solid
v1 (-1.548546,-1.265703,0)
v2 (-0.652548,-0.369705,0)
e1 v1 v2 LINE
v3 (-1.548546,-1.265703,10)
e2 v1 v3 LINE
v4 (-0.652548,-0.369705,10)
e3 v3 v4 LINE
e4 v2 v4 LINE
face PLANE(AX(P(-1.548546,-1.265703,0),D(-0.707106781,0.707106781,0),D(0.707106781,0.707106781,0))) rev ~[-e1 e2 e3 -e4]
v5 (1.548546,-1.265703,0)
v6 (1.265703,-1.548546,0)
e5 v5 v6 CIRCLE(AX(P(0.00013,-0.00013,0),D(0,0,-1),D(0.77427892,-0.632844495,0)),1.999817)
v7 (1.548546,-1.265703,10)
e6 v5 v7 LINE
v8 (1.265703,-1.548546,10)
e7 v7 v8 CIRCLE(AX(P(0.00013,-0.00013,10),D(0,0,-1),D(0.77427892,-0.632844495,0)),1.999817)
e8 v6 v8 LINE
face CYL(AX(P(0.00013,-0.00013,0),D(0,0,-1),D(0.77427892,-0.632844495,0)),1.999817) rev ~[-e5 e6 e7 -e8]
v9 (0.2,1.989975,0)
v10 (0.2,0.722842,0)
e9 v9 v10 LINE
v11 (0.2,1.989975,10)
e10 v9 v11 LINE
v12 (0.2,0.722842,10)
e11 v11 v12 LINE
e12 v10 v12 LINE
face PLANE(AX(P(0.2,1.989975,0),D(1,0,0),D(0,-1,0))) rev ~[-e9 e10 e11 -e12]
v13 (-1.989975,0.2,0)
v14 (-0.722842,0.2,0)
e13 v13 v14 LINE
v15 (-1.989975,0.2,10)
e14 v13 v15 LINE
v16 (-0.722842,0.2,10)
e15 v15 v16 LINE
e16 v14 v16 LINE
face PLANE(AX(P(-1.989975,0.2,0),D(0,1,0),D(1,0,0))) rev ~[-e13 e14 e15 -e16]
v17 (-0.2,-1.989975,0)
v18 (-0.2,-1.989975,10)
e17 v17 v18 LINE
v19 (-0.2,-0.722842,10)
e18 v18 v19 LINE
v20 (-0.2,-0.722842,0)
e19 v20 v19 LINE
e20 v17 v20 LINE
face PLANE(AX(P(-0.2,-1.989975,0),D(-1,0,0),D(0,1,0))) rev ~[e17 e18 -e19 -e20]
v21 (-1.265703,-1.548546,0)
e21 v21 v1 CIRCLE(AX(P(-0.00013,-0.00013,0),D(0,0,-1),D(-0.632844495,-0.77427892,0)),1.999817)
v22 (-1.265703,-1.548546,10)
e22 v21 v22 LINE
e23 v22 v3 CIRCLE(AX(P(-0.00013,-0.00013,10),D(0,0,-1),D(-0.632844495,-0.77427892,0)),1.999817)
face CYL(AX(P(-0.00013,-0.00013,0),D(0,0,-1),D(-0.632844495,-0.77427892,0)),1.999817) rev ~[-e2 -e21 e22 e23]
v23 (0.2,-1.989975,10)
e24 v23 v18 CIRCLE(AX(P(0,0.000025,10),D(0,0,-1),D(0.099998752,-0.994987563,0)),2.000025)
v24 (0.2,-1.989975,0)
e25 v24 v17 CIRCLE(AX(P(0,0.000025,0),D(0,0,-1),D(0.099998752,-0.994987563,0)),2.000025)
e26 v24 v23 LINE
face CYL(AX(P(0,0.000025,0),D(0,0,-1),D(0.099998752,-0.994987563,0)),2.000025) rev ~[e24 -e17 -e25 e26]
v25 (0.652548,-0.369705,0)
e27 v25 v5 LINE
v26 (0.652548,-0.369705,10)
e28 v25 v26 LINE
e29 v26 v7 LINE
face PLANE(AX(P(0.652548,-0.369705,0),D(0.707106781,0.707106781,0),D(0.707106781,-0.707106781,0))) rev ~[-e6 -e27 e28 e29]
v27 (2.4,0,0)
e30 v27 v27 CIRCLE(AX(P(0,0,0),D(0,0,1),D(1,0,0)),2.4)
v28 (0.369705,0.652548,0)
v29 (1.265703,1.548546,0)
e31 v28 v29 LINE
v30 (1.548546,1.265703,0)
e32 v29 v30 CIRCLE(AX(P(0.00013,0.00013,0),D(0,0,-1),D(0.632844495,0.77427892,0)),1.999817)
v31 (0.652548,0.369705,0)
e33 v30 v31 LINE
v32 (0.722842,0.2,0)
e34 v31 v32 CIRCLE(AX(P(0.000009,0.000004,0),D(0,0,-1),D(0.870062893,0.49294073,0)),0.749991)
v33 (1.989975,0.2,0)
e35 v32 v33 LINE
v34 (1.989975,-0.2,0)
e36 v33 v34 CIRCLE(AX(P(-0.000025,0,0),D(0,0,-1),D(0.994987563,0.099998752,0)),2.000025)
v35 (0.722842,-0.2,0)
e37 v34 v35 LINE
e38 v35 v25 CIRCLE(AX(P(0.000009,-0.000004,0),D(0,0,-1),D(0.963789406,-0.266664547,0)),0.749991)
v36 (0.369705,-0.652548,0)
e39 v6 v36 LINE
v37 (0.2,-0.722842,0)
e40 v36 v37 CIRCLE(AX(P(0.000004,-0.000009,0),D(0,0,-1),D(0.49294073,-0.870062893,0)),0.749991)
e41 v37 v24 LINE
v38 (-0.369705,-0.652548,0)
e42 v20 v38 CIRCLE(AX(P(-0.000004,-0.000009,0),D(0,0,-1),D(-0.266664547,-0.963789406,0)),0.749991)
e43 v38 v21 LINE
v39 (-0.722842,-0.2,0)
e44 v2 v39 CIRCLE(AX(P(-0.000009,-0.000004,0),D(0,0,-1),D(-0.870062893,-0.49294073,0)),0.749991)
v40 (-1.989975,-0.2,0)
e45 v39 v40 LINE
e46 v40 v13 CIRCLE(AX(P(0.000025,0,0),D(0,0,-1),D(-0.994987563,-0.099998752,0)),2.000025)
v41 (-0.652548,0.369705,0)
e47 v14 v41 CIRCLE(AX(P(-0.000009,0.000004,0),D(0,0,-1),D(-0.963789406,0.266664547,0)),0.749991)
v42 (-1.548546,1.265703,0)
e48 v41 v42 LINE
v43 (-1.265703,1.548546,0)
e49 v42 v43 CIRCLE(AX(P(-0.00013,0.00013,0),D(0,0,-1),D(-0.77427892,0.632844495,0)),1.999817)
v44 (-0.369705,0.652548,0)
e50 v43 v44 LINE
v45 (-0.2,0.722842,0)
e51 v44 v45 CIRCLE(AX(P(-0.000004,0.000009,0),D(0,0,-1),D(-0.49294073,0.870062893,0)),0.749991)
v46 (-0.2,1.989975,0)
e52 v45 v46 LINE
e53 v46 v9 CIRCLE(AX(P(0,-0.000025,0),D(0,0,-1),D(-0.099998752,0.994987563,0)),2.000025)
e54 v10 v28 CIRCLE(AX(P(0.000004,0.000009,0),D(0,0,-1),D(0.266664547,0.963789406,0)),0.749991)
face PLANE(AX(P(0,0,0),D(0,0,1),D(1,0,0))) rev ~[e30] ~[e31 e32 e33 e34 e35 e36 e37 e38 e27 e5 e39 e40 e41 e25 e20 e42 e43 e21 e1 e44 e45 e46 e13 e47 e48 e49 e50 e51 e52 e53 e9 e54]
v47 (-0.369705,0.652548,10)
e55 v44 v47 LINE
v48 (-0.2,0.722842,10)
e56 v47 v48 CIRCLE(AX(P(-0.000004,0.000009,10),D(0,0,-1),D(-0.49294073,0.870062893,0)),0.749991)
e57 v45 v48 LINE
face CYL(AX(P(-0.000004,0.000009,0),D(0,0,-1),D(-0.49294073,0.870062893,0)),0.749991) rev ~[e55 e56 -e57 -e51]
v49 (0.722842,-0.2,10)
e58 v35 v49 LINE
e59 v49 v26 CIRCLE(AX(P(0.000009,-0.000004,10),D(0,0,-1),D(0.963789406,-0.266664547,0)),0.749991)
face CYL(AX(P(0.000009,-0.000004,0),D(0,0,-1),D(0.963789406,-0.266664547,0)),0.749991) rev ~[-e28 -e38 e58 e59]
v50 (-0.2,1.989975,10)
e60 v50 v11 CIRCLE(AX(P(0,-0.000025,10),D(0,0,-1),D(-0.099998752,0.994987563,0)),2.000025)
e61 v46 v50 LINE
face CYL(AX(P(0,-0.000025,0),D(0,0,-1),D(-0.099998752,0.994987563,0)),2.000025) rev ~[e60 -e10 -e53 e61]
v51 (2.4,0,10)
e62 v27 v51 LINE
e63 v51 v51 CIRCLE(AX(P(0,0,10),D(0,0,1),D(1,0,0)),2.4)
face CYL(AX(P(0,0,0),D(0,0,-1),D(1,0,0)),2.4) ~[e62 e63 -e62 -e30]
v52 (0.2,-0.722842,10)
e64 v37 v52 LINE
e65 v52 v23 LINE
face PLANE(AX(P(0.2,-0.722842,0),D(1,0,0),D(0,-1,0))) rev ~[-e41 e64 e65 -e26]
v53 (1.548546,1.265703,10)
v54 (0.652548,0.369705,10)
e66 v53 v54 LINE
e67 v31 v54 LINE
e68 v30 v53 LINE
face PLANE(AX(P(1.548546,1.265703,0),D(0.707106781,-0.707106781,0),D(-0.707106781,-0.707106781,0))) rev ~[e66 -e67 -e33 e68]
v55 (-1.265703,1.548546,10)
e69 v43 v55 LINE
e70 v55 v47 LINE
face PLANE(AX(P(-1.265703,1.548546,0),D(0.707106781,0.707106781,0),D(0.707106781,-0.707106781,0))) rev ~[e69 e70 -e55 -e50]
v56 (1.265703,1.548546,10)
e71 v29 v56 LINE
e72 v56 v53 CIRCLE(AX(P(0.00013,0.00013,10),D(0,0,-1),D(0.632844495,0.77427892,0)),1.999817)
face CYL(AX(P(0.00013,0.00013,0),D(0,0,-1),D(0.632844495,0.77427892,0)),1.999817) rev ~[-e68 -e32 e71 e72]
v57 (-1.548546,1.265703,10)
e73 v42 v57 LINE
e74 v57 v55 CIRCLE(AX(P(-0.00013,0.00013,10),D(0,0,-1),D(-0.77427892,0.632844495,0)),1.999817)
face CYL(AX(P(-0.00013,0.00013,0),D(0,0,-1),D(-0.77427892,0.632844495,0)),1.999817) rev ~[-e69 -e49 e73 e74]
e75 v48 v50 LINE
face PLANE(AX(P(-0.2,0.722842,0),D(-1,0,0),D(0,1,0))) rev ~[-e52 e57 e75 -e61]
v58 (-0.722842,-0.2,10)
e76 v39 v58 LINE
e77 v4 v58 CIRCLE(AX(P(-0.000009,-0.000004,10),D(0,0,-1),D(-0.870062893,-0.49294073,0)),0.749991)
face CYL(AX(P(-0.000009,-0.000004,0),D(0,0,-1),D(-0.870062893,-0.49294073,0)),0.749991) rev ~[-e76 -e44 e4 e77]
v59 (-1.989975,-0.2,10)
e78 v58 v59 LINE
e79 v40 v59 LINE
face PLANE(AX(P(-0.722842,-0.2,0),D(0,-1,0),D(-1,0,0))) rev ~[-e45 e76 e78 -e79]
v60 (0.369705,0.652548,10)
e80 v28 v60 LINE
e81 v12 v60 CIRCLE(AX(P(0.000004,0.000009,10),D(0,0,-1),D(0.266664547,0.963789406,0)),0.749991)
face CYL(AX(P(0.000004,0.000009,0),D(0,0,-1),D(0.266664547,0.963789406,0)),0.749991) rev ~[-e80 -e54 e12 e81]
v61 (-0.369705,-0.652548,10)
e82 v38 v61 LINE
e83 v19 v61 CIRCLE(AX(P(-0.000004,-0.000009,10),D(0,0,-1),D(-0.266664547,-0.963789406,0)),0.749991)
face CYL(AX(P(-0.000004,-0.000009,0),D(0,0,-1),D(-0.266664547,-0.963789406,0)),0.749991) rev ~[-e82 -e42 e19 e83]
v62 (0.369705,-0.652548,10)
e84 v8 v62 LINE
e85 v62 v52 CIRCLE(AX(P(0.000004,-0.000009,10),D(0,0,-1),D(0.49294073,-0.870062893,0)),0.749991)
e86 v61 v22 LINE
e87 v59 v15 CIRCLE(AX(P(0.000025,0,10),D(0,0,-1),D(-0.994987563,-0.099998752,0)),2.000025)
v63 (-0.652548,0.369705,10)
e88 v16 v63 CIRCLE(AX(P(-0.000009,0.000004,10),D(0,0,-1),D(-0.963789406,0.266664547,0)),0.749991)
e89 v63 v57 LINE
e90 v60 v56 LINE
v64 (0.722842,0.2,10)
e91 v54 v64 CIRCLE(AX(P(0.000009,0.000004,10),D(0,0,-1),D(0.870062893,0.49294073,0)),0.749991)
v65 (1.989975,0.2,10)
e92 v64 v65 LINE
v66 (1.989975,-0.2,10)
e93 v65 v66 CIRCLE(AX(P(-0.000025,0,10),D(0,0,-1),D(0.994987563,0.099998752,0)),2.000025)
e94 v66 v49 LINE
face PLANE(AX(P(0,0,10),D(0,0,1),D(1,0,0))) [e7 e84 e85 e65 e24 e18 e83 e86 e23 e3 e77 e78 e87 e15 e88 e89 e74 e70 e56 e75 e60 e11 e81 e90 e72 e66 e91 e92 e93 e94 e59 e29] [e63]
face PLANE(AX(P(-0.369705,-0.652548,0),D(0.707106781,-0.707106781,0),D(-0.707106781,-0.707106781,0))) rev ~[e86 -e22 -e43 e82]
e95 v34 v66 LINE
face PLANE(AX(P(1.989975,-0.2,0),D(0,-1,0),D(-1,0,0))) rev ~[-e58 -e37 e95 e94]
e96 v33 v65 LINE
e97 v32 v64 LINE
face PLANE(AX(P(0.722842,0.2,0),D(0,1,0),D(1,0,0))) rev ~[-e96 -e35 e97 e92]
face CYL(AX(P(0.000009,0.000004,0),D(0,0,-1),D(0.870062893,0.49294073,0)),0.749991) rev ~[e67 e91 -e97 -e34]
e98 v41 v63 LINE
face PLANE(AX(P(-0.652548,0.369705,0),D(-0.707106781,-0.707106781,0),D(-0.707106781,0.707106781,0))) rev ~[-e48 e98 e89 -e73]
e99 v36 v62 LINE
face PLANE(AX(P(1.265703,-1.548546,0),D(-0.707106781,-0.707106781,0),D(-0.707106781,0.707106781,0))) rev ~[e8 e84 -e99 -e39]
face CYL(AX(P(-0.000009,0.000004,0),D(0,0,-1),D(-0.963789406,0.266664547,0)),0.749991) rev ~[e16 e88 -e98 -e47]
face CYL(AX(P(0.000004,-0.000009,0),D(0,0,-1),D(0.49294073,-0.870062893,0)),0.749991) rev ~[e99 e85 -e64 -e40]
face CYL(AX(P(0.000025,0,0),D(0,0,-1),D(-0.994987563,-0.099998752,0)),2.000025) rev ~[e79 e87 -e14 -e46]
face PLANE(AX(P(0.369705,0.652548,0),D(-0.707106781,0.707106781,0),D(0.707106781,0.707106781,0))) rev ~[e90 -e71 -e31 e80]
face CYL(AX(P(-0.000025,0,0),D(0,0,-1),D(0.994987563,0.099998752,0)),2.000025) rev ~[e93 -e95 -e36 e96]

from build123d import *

# Parameters (mm, degrees)
F0_R     = 2.4
F1_DEPTH = 10


with BuildPart() as f1:
    # F0 (on Top) → F1 (new body)
    with BuildSketch(Plane.XY):
        Circle(F0_R)
        with BuildLine():
            ThreePointArc((-1.548546, 1.265703), (-1.414214, 1.414214), (-1.265703, 1.548546))
            Line((-1.265703, 1.548546), (-0.369705, 0.652548))
            ThreePointArc((-0.369705, 0.652548), (-0.287013, 0.69291), (-0.2, 0.722842))
            Line((-0.2, 0.722842), (-0.2, 1.989975))
            ThreePointArc((-0.2, 1.989975), (0, 2), (0.2, 1.989975))
            Line((0.2, 1.989975), (0.2, 0.722842))
            ThreePointArc((0.2, 0.722842), (0.287013, 0.69291), (0.369705, 0.652548))
            Line((0.369705, 0.652548), (1.265703, 1.548546))
            ThreePointArc((1.265703, 1.548546), (1.414214, 1.414214), (1.548546, 1.265703))
            Line((1.548546, 1.265703), (0.652548, 0.369705))
            ThreePointArc((0.652548, 0.369705), (0.69291, 0.287013), (0.722842, 0.2))
            Line((0.722842, 0.2), (1.989975, 0.2))
            ThreePointArc((1.989975, 0.2), (2, 0), (1.989975, -0.2))
            Line((1.989975, -0.2), (0.722842, -0.2))
            ThreePointArc((0.722842, -0.2), (0.69291, -0.287013), (0.652548, -0.369705))
            Line((0.652548, -0.369705), (1.548546, -1.265703))
            ThreePointArc((1.548546, -1.265703), (1.414214, -1.414214), (1.265703, -1.548546))
            Line((1.265703, -1.548546), (0.369705, -0.652548))
            ThreePointArc((0.369705, -0.652548), (0.287013, -0.69291), (0.2, -0.722842))
            Line((0.2, -0.722842), (0.2, -1.989975))
            ThreePointArc((0.2, -1.989975), (0, -2), (-0.2, -1.989975))
            Line((-0.2, -1.989975), (-0.2, -0.722842))
            ThreePointArc((-0.2, -0.722842), (-0.287013, -0.69291), (-0.369705, -0.652548))
            Line((-0.369705, -0.652548), (-1.265703, -1.548546))
            ThreePointArc((-1.265703, -1.548546), (-1.414214, -1.414214), (-1.548546, -1.265703))
            Line((-1.548546, -1.265703), (-0.652548, -0.369705))
            ThreePointArc((-0.652548, -0.369705), (-0.69291, -0.287013), (-0.722842, -0.2))
            Line((-0.722842, -0.2), (-1.989975, -0.2))
            ThreePointArc((-1.989975, -0.2), (-2, 0), (-1.989975, 0.2))
            Line((-1.989975, 0.2), (-0.722842, 0.2))
            ThreePointArc((-0.722842, 0.2), (-0.69291, 0.287013), (-0.652548, 0.369705))
            Line((-0.652548, 0.369705), (-1.548546, 1.265703))
        make_face(mode=Mode.SUBTRACT)
    extrude(amount=F1_DEPTH)


solid = f1.part
